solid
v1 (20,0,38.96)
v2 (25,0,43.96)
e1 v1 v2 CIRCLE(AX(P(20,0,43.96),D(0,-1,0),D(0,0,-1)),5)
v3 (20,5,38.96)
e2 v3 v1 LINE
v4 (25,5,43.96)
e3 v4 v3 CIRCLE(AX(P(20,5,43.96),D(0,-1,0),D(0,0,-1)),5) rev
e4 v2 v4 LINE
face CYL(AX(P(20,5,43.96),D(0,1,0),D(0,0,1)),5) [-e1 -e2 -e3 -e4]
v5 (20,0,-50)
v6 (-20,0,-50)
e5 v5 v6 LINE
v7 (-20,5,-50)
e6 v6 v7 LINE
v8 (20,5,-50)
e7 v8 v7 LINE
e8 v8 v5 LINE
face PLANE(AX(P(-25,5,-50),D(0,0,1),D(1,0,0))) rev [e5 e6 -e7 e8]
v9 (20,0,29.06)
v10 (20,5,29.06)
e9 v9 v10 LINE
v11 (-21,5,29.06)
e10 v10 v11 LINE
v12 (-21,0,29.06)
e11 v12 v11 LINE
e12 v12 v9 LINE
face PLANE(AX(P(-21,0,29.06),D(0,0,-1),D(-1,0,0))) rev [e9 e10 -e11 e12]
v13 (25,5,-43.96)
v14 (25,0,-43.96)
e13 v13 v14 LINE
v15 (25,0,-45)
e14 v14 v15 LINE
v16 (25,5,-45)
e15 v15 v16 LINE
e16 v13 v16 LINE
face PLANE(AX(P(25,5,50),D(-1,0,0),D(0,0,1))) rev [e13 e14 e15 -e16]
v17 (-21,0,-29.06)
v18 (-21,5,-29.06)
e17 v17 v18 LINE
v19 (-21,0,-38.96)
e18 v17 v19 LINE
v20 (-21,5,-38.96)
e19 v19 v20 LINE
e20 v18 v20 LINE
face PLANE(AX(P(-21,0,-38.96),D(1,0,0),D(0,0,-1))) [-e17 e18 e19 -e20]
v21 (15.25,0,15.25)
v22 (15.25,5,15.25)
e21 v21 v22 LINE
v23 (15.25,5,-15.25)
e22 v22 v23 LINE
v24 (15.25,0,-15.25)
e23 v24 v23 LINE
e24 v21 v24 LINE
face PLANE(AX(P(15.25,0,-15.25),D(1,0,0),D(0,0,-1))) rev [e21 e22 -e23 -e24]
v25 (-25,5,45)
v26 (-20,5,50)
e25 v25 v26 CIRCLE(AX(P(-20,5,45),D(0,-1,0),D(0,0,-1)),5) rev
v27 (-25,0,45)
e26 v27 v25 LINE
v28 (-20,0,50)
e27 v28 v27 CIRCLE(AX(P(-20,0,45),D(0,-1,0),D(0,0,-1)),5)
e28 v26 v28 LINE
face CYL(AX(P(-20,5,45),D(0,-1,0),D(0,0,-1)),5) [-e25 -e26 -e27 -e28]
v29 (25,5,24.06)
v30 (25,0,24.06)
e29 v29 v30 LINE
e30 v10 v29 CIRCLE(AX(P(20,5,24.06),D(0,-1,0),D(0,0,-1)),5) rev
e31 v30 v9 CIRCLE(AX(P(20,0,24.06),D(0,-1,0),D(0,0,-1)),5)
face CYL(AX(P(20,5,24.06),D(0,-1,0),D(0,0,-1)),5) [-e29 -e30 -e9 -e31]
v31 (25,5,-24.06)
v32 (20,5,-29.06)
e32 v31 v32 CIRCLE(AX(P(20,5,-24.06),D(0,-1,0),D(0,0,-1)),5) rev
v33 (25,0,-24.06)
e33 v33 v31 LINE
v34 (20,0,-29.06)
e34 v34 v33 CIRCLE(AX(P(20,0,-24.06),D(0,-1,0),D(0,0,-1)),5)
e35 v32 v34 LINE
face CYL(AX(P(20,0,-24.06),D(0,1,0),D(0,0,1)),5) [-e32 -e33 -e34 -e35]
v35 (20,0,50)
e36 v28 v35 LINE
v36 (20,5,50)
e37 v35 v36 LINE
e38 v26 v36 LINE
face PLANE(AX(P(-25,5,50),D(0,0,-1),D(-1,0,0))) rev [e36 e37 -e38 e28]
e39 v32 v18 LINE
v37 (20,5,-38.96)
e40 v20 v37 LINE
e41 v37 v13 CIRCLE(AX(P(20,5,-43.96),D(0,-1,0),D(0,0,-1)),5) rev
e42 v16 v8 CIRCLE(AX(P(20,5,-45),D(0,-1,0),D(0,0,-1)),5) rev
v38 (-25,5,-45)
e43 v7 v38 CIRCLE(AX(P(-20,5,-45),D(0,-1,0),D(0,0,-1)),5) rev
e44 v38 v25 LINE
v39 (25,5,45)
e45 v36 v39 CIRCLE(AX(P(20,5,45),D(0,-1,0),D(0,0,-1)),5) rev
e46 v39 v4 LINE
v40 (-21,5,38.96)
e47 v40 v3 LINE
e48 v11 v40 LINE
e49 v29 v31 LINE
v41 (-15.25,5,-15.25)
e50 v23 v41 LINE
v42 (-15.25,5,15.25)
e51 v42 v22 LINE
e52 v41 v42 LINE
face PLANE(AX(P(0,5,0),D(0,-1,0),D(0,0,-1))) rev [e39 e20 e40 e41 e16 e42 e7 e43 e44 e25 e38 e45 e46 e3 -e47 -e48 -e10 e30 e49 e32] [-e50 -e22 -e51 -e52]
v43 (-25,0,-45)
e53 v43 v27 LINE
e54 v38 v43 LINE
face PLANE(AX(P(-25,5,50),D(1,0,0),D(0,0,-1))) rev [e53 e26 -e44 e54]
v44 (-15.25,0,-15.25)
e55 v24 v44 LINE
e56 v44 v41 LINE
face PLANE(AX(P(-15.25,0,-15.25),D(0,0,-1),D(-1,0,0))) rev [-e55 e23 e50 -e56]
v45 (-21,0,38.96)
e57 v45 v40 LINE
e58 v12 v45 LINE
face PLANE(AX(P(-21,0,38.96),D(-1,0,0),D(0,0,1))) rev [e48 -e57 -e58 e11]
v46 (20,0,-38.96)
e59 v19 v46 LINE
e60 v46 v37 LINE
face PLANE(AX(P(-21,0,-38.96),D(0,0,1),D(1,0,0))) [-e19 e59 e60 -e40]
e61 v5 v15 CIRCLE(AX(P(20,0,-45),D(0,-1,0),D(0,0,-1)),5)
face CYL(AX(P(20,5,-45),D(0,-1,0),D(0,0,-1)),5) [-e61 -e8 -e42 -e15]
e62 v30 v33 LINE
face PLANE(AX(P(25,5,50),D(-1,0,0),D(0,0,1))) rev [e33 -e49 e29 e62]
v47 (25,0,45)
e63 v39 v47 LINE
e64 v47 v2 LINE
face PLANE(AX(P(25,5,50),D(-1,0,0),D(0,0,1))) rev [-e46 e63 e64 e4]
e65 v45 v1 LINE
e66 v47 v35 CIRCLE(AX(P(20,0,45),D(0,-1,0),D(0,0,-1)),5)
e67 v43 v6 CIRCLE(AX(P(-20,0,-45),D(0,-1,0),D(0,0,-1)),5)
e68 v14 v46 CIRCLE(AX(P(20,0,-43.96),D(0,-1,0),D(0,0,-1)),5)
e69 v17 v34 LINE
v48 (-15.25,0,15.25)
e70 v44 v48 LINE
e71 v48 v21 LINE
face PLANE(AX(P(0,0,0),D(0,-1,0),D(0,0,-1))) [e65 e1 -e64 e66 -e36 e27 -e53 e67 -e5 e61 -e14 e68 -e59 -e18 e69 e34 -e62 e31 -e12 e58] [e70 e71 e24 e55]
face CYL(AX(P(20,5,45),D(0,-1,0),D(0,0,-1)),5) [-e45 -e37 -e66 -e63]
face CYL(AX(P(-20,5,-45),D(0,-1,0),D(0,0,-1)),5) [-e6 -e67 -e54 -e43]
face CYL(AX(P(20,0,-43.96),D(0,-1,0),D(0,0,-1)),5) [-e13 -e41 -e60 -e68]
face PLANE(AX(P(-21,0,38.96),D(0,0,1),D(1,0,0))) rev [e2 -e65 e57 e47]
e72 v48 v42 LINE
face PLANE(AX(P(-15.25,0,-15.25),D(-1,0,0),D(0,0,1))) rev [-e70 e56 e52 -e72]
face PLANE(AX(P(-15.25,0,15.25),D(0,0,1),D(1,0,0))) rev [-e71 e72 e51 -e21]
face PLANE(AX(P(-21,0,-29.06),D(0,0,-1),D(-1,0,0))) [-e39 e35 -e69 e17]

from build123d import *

# Parameters (mm, degrees)
SKETCH1_W           = 50
SKETCH1_H           = 100
BOSS_EXTRUDE1_DEPTH = 5
SKETCH2_W           = 52.895350152
SKETCH2_H           = 9.9
CUT_EXTRUDE1_DEPTH  = 6
FILLET1_R           = 5
SKETCH3_W           = 30.5
SKETCH3_H           = 30.5
CUT_EXTRUDE2_DEPTH  = 6


with BuildPart() as part:
    # Sketch1 → Boss-Extrude1 (new body)
    with BuildSketch(Plane(origin=(0, 0, 0), x_dir=(1, 0, 0), z_dir=(0, 1, 0))):
        Rectangle(SKETCH1_W, SKETCH1_H)
    extrude(amount=BOSS_EXTRUDE1_DEPTH)

    # Sketch2 → Cut-Extrude1 (cut, through all)
    with BuildSketch(Plane(origin=(0, 5, 0), x_dir=(1, 0, 0), z_dir=(0, 1, 0))):
        with Locations((5.447675076, -34.01)):
            Rectangle(SKETCH2_W, SKETCH2_H)
    cut_extrude1 = extrude(amount=-CUT_EXTRUDE1_DEPTH, mode=Mode.SUBTRACT)

    # Mirror1: Cut-Extrude1 across plane
    add(cut_extrude1.mirror(Plane.XY), mode=Mode.SUBTRACT)

    # Fillet1
    fillet1_edges = [part.edges().sort_by_distance(p)[0] for p in [
        (25, 2.5, 38.96),
        (25, 2.5, 29.06),
        (25, 2.5, -29.06),
        (25, 2.5, -38.96),
        (25, 2.5, 50),
        (-25, 2.5, 50),
        (-25, 2.5, -50),
        (25, 2.5, -50),
    ]]
    fillet(fillet1_edges, radius=FILLET1_R)

    # Sketch3 → Cut-Extrude2 (cut, through all)
    with BuildSketch(Plane(origin=(0, 5, 0), x_dir=(1, 0, 0), z_dir=(0, 1, 0))):
        Rectangle(SKETCH3_W, SKETCH3_H)
    extrude(amount=-CUT_EXTRUDE2_DEPTH, mode=Mode.SUBTRACT)


solid = part.part
